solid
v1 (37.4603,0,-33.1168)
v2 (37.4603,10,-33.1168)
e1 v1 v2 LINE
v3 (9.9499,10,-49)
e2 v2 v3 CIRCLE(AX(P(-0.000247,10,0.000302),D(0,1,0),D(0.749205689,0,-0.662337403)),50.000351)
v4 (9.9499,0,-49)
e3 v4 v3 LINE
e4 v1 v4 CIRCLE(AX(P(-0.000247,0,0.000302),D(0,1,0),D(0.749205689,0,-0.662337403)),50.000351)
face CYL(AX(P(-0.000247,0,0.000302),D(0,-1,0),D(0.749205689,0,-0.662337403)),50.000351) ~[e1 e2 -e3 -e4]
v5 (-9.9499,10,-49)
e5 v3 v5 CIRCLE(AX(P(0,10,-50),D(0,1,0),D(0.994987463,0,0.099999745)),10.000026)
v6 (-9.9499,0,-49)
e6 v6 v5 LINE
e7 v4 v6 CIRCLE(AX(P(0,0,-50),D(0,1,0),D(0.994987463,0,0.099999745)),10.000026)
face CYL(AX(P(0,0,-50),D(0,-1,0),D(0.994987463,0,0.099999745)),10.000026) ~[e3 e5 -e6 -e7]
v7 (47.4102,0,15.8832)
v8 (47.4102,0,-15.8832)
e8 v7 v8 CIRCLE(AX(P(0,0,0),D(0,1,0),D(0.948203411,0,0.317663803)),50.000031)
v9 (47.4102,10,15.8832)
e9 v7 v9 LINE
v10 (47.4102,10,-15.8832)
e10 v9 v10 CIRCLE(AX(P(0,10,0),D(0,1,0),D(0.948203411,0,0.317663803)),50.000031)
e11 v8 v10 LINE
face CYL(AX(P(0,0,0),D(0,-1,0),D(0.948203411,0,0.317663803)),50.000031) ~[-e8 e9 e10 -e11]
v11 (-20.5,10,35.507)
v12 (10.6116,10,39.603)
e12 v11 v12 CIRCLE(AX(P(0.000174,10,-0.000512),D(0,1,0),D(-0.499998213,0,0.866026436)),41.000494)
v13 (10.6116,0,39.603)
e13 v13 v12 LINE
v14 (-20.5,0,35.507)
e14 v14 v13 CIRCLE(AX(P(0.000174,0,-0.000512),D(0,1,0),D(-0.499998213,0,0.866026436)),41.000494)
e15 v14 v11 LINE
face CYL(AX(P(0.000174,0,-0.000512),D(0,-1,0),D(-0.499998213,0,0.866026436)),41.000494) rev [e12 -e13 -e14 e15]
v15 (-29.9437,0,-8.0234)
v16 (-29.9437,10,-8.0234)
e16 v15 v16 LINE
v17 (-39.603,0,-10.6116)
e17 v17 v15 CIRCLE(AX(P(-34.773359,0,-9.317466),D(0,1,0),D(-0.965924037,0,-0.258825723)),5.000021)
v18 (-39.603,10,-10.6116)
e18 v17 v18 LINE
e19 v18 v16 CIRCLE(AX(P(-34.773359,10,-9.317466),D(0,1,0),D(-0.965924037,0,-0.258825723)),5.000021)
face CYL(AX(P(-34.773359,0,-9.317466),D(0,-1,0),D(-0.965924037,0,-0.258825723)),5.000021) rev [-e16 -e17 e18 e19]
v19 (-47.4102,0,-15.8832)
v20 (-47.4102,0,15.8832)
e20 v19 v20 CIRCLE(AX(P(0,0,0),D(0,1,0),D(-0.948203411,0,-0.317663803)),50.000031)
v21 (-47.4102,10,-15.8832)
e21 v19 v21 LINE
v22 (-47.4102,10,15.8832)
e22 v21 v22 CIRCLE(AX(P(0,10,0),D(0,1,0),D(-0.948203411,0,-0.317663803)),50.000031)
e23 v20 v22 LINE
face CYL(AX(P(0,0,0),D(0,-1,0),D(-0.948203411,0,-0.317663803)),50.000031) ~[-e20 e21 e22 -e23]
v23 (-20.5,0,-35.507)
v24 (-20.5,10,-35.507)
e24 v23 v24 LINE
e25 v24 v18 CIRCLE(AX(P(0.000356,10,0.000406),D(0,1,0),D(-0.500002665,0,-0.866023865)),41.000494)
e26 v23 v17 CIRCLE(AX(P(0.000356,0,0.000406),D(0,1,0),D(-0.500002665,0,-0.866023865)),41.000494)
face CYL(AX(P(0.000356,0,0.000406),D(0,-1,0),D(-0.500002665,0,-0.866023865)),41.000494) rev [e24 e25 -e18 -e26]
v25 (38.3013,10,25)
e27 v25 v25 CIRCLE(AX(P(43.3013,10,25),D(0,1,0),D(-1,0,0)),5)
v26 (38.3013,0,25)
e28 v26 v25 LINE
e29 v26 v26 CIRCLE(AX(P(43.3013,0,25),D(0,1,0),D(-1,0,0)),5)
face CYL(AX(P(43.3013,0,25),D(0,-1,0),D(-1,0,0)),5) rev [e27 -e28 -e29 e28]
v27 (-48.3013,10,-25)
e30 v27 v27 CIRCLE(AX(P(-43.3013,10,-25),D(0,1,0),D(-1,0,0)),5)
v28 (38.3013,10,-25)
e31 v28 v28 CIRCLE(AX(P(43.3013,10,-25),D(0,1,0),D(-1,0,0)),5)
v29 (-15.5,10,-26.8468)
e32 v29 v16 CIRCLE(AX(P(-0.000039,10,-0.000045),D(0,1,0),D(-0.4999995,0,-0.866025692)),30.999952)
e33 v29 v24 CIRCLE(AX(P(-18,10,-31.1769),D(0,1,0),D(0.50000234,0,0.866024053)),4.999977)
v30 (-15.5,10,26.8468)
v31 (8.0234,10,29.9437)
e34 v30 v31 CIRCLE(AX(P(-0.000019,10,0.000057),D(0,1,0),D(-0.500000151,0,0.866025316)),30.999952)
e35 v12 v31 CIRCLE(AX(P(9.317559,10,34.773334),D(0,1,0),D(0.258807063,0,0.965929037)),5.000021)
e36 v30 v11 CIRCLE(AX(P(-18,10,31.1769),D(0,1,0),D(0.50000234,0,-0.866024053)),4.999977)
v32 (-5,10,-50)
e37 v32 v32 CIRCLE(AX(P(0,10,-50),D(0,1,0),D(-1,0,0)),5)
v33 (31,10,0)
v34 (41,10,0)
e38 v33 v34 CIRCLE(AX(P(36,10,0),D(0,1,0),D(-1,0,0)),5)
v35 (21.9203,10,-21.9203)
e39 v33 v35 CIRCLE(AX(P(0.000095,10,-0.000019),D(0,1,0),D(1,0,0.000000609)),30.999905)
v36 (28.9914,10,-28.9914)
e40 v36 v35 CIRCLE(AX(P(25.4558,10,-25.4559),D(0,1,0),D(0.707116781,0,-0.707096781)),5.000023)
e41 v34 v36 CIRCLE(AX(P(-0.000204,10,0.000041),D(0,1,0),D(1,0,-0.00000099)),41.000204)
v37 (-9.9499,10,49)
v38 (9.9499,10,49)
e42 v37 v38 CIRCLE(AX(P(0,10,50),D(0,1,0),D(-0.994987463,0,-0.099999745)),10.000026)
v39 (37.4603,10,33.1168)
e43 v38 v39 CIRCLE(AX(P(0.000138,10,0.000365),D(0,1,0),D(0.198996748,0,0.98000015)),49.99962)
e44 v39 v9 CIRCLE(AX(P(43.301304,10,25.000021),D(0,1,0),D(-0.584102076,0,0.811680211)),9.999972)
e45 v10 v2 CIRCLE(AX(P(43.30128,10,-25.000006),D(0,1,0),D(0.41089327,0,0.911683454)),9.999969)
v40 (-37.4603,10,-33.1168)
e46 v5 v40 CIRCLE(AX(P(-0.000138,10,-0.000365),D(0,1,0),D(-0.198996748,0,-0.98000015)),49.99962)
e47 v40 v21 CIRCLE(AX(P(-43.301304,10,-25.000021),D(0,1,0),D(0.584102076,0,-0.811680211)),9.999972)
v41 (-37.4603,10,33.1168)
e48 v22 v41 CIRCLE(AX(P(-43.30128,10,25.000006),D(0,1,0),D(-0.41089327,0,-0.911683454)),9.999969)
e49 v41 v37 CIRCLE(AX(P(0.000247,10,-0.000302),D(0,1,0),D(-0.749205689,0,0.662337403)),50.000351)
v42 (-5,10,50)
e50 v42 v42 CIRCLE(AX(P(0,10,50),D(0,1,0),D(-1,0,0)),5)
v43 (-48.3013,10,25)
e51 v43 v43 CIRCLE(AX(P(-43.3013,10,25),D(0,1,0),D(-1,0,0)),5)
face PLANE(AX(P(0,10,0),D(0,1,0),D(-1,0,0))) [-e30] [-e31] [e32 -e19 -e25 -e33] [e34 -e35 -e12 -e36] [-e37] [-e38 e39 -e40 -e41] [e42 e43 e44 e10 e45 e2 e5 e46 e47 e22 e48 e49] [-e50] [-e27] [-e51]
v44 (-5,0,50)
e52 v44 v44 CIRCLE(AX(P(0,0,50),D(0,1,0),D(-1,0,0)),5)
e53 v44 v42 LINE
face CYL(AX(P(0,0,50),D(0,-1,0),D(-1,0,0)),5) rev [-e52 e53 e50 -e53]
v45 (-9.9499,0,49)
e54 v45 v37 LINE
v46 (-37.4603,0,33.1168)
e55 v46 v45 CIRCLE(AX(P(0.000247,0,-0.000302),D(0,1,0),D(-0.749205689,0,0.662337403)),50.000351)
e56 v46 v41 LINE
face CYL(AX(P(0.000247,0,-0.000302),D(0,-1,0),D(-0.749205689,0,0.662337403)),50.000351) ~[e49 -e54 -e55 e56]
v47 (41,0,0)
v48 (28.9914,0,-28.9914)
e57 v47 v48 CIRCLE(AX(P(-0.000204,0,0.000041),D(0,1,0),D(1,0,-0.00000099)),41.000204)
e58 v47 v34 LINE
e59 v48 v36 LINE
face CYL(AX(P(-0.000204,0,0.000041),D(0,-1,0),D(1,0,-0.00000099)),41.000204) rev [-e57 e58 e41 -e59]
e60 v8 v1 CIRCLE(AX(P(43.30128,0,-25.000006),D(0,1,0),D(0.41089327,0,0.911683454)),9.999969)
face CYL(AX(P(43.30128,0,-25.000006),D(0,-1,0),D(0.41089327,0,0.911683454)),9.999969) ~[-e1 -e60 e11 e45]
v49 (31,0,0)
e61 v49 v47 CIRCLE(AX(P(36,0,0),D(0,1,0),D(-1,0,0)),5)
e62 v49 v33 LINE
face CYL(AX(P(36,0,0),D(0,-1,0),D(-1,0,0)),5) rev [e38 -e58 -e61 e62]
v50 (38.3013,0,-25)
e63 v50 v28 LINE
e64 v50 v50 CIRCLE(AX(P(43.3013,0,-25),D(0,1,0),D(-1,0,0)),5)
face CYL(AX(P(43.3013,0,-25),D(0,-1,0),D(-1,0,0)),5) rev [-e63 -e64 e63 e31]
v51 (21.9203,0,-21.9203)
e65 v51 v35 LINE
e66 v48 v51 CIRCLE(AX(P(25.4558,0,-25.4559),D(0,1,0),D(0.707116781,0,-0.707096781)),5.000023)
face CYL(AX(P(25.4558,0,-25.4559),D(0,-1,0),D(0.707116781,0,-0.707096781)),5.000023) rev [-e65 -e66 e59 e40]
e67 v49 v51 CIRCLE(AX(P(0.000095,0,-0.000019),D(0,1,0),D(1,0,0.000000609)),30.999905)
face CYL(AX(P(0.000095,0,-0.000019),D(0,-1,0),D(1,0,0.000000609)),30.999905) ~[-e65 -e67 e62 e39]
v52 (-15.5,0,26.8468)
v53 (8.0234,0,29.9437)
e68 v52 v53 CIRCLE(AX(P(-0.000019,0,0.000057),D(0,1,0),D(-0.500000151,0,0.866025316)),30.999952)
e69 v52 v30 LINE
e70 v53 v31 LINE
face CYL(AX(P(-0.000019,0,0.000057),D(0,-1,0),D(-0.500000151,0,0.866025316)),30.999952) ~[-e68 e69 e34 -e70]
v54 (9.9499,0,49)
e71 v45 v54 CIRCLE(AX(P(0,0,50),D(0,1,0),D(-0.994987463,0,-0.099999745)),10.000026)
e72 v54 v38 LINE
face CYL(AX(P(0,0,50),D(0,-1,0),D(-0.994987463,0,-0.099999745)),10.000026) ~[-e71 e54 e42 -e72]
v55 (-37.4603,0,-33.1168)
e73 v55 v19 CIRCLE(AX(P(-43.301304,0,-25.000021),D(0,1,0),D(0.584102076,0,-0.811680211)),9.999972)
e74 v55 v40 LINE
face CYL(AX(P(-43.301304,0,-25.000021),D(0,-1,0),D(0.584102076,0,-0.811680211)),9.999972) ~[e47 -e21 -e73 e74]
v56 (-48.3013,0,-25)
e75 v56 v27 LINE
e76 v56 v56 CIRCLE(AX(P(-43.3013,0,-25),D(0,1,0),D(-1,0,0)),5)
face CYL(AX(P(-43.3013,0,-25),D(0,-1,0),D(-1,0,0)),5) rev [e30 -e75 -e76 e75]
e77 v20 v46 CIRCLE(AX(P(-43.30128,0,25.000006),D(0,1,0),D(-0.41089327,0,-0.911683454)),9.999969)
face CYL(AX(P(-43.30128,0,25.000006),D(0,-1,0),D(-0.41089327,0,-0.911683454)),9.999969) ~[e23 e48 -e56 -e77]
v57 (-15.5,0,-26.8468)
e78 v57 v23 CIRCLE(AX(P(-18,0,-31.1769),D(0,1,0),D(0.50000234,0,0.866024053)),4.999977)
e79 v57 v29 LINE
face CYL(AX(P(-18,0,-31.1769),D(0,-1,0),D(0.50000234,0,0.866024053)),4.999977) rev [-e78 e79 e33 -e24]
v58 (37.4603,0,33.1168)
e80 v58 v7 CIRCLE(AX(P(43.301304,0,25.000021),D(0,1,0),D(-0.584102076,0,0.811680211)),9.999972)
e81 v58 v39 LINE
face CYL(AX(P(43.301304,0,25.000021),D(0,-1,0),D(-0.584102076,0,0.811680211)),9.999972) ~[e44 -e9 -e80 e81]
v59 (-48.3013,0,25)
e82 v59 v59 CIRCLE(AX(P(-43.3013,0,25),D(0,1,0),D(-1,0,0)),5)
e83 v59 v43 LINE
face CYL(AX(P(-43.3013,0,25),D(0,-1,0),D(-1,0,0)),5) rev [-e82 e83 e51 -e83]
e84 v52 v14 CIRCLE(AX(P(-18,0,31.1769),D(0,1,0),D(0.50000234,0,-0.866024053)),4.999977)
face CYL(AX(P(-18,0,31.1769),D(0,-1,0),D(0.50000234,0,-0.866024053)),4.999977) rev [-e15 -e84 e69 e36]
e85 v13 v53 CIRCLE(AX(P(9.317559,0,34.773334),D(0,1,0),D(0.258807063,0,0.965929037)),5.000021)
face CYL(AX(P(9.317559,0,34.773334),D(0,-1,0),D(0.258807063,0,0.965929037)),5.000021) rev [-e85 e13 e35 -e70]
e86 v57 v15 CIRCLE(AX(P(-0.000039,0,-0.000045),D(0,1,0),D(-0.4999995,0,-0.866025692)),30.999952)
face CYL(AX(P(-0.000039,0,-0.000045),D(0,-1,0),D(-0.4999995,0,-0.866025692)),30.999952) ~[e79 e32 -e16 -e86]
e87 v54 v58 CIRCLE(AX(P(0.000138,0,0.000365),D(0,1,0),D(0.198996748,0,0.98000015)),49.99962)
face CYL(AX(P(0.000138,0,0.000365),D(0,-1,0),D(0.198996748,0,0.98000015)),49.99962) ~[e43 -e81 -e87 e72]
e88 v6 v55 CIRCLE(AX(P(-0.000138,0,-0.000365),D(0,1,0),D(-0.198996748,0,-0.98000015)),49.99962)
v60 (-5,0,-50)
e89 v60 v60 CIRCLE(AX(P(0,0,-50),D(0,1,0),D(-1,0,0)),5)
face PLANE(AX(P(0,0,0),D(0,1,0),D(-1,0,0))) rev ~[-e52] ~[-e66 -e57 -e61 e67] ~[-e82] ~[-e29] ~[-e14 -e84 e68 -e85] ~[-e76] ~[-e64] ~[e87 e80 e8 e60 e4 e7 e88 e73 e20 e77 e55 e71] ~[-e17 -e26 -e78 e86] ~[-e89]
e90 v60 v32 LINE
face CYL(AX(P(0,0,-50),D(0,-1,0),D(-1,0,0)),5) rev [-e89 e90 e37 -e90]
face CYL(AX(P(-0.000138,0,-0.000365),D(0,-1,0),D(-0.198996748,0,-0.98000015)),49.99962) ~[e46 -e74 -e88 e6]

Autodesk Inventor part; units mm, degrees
ref_plane "YZ Plane" through (0, 0, 0) normal (1, 0, 0) x (0, 1, 0)
ref_plane "XZ Plane" through (0, 0, 0) normal (0, 1, 0) x (-1, 0, 0)
ref_plane "XY Plane" through (0, 0, 0) normal (0, 0, 1) x (1, 0, 0)
sketch "Sketch1" plane through (0, 0, 0) normal (0, 1, 0) x (-1, 0, 0)
  circle A0 centre (0, 0) radius 36 construction
  circle A1 centre (0, -50) radius 5
  arc A2 (-9.9499, -49) -> (9.9499, -49) centre (0, -50) ccw
  line L0 (0, 0) -> (0, -50) construction
  line L1 (0, 0) -> (25, -43.3013) construction
  line L2 (0, 0) -> (50, 0) construction
  arc A3 (15.5, -26.8468) -> (20.5, -35.507) centre (18, -31.1769) ccw
  line L3 (0, 0) -> (48.2963, -12.941) construction
  line L4 (0, 0) -> (50, 0) construction
  arc A4 (39.603, -10.6116) -> (29.9437, -8.0234) centre (34.7733, -9.3175) ccw
  arc A5 (29.9437, -8.0234) -> (15.5, -26.8468) centre (0, 0) ccw construction
  arc A6 (39.603, -10.6116) -> (20.5, -35.507) centre (0, 0) ccw construction
  arc A7 (20.5, -35.507) -> (39.603, -10.6116) centre (0, 0) ccw
  arc A8 (15.5, -26.8468) -> (29.9437, -8.0234) centre (0, 0) ccw
  circle A9 centre (-43.3013, -25) radius 5
  arc A10 (-47.4102, -15.8832) -> (-37.4603, -33.1168) centre (-43.3013, -25) ccw
  circle A11 centre (-43.3013, 25) radius 5
  arc A12 (-37.4603, 33.1168) -> (-47.4102, 15.8832) centre (-43.3013, 25) ccw
  circle A13 centre (0, 50) radius 5
  arc A14 (9.9499, 49) -> (-9.9499, 49) centre (0, 50) ccw
  circle A15 centre (43.3013, 25) radius 5
  arc A16 (47.4102, 15.8832) -> (37.4603, 33.1168) centre (43.3013, 25) ccw
  circle A17 centre (43.3013, -25) radius 5
  arc A18 (37.4603, -33.1168) -> (47.4102, -15.8832) centre (43.3013, -25) ccw
  arc A19 (15.5, 26.8468) -> (20.5, 35.507) centre (18, 31.1769) ccw
  arc A20 (20.5, 35.507) -> (-10.6116, 39.603) centre (0, 0) ccw
  arc A21 (15.5, 26.8468) -> (-8.0234, 29.9437) centre (0, 0) ccw
  arc A22 (-10.6116, 39.603) -> (-8.0234, 29.9437) centre (-9.3175, 34.7733) ccw
  arc A23 (-31, 0) -> (-41, 0) centre (-36, 0) ccw
  arc A24 (-41, 0) -> (-28.9914, -28.9914) centre (0, 0) ccw
  arc A25 (-31, 0) -> (-21.9203, -21.9203) centre (0, 0) ccw
  arc A26 (-28.9914, -28.9914) -> (-21.9203, -21.9203) centre (-25.4558, -25.4558) ccw
  arc A27 (9.9499, -49) -> (37.4603, -33.1168) centre (0, 0) ccw
  arc A28 (47.4102, -15.8832) -> (47.4102, 15.8832) centre (0, 0) ccw
  arc A29 (37.4603, 33.1168) -> (9.9499, 49) centre (0, 0) ccw
  arc A30 (-9.9499, 49) -> (-37.4603, 33.1168) centre (0, 0) ccw
  arc A31 (-47.4102, 15.8832) -> (-47.4102, -15.8832) centre (0, 0) ccw
  arc A32 (-37.4603, -33.1168) -> (-9.9499, -49) centre (0, 0) ccw
  circle A33 centre (0, 0) radius 50 construction
  dimension "d20" = 100
  dimension "d0" = 72
  dimension "d4" = 10
  dimension "d5" = 10
  dimension "d6" = 60
  dimension "d7" = 10
  dimension "d8" = 15
  dimension "d10" = 10
  dimension "d13" = 360
  dimension "d17" = 360
  dimension "d19" = 50
extrude "Extrusion1" add sketch "Sketch1" along normal blind 10
properties part number "CE-1.3.2"
